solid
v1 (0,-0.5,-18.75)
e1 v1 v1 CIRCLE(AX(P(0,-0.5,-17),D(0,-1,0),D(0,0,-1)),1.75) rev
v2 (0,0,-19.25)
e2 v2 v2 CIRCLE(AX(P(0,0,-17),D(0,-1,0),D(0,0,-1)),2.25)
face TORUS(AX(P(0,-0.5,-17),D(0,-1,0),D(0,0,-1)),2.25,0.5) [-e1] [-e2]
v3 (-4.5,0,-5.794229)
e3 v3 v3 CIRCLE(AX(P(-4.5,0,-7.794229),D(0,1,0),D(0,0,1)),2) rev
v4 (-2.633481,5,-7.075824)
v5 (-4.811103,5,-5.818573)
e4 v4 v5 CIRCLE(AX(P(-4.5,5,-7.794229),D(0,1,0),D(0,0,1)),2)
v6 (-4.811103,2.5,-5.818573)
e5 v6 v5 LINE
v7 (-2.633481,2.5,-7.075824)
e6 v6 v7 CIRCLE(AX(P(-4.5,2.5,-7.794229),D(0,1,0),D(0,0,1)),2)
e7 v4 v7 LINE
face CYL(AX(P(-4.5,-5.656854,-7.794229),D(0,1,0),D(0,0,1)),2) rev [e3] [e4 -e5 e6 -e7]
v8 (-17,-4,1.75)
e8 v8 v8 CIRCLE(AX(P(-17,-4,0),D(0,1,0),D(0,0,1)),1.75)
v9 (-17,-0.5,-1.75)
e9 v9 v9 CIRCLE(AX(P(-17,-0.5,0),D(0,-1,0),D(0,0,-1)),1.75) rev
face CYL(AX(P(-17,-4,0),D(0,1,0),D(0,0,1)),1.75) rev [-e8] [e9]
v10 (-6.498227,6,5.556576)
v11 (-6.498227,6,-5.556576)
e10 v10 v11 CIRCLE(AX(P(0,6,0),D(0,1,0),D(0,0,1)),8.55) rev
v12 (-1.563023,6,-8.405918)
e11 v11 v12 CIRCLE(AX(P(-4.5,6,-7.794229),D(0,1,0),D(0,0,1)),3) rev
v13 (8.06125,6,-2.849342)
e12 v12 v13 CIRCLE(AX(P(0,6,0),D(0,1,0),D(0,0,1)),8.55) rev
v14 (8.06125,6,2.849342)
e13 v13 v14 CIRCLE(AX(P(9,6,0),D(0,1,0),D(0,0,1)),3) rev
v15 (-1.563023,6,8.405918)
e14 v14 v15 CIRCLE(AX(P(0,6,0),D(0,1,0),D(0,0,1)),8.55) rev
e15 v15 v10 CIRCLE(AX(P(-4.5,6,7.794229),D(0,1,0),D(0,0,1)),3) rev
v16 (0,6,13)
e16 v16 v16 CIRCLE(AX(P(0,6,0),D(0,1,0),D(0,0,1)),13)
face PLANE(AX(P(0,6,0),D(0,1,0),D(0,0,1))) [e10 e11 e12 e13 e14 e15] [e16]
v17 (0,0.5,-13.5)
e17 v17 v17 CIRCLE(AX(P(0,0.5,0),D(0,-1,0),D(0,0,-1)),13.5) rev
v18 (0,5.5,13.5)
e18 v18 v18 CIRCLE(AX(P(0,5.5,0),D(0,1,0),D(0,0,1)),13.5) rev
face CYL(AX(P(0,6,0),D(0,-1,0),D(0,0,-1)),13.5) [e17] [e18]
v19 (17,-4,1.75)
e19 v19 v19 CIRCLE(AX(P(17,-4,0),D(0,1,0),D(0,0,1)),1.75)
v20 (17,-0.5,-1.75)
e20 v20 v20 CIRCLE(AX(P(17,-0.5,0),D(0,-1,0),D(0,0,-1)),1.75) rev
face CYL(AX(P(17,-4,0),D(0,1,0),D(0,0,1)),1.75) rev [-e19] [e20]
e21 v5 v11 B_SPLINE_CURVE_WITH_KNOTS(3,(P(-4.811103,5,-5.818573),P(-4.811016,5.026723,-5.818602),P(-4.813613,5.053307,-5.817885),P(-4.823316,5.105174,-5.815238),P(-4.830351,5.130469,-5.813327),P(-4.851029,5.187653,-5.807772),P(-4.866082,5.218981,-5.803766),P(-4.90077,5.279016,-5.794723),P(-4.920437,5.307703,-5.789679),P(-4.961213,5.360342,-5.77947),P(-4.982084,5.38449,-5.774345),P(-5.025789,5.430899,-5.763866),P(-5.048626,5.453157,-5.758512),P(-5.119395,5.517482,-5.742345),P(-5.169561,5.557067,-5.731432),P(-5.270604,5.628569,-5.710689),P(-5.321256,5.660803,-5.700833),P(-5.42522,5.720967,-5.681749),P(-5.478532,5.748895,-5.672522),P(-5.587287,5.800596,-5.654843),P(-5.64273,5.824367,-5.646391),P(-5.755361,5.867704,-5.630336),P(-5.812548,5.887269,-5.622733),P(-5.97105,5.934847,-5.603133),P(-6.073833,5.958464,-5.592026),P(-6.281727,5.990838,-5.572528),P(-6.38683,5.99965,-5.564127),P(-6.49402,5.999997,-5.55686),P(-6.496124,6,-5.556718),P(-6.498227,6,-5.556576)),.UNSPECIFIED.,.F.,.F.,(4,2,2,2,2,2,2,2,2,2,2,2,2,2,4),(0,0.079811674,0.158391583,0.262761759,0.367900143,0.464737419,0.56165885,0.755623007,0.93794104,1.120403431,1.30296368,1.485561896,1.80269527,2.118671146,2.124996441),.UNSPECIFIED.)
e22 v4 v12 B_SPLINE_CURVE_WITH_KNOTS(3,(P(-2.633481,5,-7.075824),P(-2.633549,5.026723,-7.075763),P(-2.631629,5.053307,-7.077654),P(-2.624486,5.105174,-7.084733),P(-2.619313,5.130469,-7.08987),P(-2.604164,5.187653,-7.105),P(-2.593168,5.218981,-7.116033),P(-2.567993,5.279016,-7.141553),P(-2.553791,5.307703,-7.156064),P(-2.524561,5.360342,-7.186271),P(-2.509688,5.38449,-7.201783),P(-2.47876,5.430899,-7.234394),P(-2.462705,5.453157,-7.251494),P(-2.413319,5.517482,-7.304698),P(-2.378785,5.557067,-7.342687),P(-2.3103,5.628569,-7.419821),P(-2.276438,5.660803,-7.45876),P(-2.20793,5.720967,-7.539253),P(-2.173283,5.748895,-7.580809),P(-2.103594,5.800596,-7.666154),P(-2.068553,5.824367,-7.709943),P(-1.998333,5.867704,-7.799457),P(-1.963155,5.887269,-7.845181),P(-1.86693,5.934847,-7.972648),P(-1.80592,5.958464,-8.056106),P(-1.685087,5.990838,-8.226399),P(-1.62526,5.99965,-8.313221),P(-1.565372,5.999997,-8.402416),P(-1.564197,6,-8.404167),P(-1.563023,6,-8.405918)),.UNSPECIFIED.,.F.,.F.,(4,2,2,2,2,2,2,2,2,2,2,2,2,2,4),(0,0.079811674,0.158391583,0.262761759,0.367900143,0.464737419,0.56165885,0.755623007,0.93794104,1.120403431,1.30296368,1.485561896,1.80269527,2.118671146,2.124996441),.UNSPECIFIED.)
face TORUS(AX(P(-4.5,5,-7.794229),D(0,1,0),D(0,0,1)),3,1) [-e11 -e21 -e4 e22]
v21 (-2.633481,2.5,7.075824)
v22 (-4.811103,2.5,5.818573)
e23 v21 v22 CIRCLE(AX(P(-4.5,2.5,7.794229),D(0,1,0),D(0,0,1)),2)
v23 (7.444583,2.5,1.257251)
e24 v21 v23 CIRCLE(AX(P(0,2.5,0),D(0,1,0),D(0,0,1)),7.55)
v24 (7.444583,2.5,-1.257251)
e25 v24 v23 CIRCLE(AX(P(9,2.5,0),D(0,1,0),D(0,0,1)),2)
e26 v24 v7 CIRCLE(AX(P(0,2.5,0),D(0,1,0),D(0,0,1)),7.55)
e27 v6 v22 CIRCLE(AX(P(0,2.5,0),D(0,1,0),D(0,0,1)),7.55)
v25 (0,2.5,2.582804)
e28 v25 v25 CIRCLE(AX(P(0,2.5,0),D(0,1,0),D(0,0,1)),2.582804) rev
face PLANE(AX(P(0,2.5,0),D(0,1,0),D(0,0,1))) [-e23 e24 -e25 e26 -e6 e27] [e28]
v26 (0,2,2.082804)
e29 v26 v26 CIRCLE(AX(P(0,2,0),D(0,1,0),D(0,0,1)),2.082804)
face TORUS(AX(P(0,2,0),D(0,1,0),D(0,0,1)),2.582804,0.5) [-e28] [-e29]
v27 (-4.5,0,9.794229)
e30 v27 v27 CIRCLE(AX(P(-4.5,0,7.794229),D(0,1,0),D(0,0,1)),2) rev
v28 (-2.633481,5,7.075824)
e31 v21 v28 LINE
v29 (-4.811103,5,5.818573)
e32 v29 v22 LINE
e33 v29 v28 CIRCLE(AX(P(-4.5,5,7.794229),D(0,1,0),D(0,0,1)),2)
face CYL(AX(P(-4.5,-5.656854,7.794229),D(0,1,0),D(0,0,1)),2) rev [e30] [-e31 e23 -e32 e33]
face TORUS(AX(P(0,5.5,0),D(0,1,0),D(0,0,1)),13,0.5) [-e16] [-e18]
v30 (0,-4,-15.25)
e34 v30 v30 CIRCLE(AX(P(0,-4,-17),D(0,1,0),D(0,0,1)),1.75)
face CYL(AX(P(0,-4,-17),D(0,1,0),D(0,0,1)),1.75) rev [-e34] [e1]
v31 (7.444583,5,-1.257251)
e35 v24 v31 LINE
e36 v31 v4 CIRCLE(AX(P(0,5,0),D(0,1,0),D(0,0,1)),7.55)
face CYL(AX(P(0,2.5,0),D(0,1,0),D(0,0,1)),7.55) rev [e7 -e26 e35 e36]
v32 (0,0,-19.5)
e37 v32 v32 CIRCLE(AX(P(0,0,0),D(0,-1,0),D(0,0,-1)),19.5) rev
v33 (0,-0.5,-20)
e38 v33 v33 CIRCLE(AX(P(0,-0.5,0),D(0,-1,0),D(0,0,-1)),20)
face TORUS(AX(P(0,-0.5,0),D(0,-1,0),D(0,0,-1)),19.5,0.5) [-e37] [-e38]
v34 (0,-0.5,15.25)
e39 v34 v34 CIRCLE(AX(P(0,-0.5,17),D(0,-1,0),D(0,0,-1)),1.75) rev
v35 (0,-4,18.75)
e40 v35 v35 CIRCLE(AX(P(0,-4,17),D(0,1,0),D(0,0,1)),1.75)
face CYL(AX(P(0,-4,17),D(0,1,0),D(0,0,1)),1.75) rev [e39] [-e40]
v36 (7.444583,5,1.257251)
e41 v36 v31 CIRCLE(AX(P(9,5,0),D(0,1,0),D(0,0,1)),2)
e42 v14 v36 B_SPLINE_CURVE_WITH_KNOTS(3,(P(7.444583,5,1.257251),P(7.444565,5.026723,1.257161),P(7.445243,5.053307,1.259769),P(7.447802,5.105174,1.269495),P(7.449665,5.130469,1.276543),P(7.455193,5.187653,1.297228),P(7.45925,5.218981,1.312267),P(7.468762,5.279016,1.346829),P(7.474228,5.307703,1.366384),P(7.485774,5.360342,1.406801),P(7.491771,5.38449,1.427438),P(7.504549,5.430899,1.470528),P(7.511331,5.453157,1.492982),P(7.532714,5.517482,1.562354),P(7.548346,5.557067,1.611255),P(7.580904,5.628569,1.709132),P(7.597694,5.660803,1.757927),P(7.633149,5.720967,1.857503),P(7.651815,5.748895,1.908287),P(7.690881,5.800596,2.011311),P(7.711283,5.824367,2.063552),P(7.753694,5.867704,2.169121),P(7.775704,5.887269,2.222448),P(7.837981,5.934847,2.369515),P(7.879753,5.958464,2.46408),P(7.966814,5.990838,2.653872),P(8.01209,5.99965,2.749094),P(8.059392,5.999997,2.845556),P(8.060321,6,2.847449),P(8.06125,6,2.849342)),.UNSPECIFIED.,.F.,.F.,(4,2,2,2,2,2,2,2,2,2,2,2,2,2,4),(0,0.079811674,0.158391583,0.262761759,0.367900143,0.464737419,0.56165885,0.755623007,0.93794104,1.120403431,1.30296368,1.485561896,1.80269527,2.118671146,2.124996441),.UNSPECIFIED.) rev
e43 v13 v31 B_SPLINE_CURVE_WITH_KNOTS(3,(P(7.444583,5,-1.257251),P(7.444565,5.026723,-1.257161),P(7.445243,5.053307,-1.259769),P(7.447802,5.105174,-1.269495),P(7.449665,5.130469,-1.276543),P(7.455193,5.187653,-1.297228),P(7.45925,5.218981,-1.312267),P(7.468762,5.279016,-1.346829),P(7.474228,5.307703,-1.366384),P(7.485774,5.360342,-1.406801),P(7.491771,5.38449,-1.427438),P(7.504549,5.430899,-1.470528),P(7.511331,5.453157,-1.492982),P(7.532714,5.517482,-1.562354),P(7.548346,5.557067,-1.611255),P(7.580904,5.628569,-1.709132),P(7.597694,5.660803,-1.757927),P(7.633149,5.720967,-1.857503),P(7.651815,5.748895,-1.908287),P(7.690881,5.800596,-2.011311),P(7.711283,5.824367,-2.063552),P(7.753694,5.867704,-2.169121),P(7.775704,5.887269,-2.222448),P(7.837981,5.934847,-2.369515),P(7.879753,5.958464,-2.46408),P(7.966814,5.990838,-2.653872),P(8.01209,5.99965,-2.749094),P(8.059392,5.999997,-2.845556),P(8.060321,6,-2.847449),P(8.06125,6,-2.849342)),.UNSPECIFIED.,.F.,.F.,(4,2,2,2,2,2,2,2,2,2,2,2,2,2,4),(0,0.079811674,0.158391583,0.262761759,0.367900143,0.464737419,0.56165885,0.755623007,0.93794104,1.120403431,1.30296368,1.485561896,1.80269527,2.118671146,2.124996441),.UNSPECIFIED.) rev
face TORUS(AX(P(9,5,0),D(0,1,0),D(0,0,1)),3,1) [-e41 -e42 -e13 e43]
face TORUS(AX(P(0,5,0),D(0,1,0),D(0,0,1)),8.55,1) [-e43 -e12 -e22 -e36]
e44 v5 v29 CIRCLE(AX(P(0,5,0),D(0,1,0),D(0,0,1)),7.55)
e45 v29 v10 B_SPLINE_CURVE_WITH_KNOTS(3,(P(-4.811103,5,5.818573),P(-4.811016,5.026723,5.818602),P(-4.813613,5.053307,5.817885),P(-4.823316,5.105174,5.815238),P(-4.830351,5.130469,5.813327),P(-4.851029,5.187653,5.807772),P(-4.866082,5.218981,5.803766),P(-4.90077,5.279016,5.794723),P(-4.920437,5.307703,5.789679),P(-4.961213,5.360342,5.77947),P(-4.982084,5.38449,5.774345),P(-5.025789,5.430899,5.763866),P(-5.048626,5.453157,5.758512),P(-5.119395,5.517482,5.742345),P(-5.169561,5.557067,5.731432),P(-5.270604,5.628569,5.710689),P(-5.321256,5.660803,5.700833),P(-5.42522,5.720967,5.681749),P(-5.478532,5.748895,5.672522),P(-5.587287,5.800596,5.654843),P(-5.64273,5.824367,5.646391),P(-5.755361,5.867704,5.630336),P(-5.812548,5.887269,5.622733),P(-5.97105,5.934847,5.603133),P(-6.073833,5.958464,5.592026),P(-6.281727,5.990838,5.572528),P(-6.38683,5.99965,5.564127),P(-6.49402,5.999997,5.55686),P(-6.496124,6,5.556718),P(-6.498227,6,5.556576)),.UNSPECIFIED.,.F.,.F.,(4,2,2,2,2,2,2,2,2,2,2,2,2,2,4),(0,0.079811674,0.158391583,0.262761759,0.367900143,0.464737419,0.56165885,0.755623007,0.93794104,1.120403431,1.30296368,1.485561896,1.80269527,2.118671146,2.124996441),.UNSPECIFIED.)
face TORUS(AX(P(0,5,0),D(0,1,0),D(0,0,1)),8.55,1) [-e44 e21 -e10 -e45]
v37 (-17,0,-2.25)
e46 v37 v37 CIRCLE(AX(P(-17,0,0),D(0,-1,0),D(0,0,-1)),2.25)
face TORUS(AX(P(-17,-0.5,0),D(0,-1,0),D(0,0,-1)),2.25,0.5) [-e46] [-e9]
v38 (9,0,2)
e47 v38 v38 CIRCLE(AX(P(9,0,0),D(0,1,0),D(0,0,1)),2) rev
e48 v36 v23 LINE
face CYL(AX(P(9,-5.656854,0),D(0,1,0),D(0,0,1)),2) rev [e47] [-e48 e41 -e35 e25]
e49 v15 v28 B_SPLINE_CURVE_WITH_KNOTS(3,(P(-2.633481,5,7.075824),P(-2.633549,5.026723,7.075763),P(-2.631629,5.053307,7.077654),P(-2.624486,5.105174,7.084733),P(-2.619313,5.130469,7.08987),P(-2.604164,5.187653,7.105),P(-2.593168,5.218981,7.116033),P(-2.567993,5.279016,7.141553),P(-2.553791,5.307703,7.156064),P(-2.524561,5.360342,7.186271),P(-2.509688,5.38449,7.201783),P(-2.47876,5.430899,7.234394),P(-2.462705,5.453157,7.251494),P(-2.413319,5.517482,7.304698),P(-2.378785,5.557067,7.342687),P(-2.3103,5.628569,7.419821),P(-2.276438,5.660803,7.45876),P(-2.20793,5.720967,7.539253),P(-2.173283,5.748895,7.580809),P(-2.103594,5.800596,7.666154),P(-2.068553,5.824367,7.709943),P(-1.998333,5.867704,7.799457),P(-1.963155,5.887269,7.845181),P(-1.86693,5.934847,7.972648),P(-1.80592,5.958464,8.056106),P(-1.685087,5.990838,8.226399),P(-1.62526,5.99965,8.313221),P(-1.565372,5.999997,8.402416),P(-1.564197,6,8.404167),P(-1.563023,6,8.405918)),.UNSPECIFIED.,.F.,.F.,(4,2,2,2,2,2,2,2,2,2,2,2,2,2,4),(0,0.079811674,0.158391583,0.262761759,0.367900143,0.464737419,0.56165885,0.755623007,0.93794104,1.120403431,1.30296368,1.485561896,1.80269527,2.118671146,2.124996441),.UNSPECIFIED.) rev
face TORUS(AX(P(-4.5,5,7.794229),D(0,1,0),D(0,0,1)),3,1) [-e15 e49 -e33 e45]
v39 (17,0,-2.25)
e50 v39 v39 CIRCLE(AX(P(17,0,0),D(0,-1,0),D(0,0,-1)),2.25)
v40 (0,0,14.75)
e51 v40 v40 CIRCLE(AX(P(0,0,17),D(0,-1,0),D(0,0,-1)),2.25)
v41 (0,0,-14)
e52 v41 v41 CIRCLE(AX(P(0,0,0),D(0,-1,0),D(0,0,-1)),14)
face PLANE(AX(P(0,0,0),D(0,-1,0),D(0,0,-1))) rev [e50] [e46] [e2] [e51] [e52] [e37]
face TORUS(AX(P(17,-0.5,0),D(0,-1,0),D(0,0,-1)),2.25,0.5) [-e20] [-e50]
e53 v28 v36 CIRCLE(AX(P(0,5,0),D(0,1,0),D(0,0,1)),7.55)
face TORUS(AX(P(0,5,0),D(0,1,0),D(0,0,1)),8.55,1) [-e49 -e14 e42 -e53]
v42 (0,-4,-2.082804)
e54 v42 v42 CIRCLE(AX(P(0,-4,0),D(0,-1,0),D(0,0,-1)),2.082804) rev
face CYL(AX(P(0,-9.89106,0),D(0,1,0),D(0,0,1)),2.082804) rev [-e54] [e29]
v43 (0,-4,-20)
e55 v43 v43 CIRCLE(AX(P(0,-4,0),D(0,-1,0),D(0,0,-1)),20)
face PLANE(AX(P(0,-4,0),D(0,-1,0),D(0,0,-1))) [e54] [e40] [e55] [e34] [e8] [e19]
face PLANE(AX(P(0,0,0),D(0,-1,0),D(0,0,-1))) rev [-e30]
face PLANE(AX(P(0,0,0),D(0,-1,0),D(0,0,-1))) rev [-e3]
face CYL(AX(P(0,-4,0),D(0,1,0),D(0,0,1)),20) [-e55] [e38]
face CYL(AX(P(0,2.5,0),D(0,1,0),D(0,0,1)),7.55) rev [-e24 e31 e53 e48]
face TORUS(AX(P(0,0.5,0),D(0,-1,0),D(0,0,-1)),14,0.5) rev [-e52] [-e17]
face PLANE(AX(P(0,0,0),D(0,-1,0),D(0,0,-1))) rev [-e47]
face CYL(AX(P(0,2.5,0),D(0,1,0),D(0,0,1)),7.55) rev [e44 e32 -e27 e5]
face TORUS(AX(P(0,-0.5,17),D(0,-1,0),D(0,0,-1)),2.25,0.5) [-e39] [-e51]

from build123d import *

# Parameters (mm, degrees)
SKETCH2_R           = 13.5
BOSS_EXTRUDE1_DEPTH = 6
SKETCH3_R           = 7.55
CUT_EXTRUDE1_DEPTH  = 3.5
CUT_EXTRUDE3_REACH  = 22.012
SKETCH5_R           = 2
FILLET1_R           = 1
SKETCH6_R           = 20
BOSS_EXTRUDE2_DEPTH = 4
SKETCH9_R           = 2.082804166
CUT_EXTRUDE6_DEPTH  = 6.5
FILLET5_R           = 0.5
SKETCH10_R          = 1.75
CUT_EXTRUDE7_DEPTH  = 4
FILLET6_R           = 0.5


with BuildPart() as part:
    # Sketch2 → Boss-Extrude1 (new body)
    with BuildSketch(Plane(origin=(0, 0, 0), x_dir=(1, 0, 0), z_dir=(0, 1, 0))):
        with Locations(Location((0, 0, 0), (0, 0, 270))):
            Circle(SKETCH2_R)
    extrude(amount=BOSS_EXTRUDE1_DEPTH)

    # Sketch3 → Cut-Extrude1 (cut)
    with BuildSketch(Plane(origin=(0, 6, 0), x_dir=(1, 0, 0), z_dir=(0, 1, 0))):
        with Locations(Location((0, 0, 0), (0, 0, 270))):
            Circle(SKETCH3_R)
    extrude(amount=-CUT_EXTRUDE1_DEPTH, mode=Mode.SUBTRACT)

    # Cut-Extrude3: up to this face of the body (flat: up to its plane)
    cut_extrude3_end = Plane(part.part.faces().sort_by_distance((0, 0, 0))[0])
    # Sketch5 → Cut-Extrude3 (cut, up to the picked face)
    with BuildSketch(Plane(origin=(0, 6, 0), x_dir=(1, 0, 0), z_dir=(0, 1, 0)), mode=Mode.PRIVATE) as cut_extrude3_sk1:
        with Locations(Location((9, 0, 0), (0, 0, 270))):
            Circle(SKETCH5_R)
    cut_extrude3_tool1 = split(extrude(cut_extrude3_sk1.sketch, amount=-CUT_EXTRUDE3_REACH, mode=Mode.PRIVATE), bisect_by=cut_extrude3_end, keep=Keep.BOTH, mode=Mode.PRIVATE)
    # Sketch5 → Cut-Extrude3 (cut, up to the picked face)
    with BuildSketch(Plane(origin=(0, 6, 0), x_dir=(1, 0, 0), z_dir=(0, 1, 0)), mode=Mode.PRIVATE) as cut_extrude3_sk2:
        with Locations(Location((-4.5, -7.794228634, 0), (0, 0, 270))):
            Circle(SKETCH5_R)
    cut_extrude3_tool2 = split(extrude(cut_extrude3_sk2.sketch, amount=-CUT_EXTRUDE3_REACH, mode=Mode.PRIVATE), bisect_by=cut_extrude3_end, keep=Keep.BOTH, mode=Mode.PRIVATE)
    # Sketch5 → Cut-Extrude3 (cut, up to the picked face)
    with BuildSketch(Plane(origin=(0, 6, 0), x_dir=(1, 0, 0), z_dir=(0, 1, 0)), mode=Mode.PRIVATE) as cut_extrude3_sk3:
        with Locations(Location((-4.5, 7.794228634, 0), (0, 0, 270))):
            Circle(SKETCH5_R)
    cut_extrude3_tool3 = split(extrude(cut_extrude3_sk3.sketch, amount=-CUT_EXTRUDE3_REACH, mode=Mode.PRIVATE), bisect_by=cut_extrude3_end, keep=Keep.BOTH, mode=Mode.PRIVATE)
    add(cut_extrude3_tool1.solids().sort_by(Axis((9, 6, 0), (0, -1, 0)))[0], mode=Mode.SUBTRACT)
    add(cut_extrude3_tool2.solids().sort_by(Axis((-4.5, 6, 7.794229), (0, -1, 0)))[0], mode=Mode.SUBTRACT)
    add(cut_extrude3_tool3.solids().sort_by(Axis((-4.5, 6, -7.794229), (0, -1, 0)))[0], mode=Mode.SUBTRACT)

    # Fillet1
    fillet1_edges = [part.edges().sort_by_distance(p)[0] for p in [
        (3.775, 6, -6.538491799),
        (-7.55, 6, 0),
        (3.775, 6, 6.538491799),
        (10.804785463, 6, -0.861829119),
        (-6.493904619, 6, 7.950255455),
        (-5.5, 6, -9.526279442),
    ]]
    fillet(fillet1_edges, radius=FILLET1_R)

    # Sketch6 → Boss-Extrude2 (add)
    with BuildSketch(Plane.XZ):
        with Locations(Location((0, 0, 0), (0, 0, 270))):
            Circle(SKETCH6_R)
    extrude(amount=BOSS_EXTRUDE2_DEPTH)

    # Sketch9 → Cut-Extrude6 (cut)
    with BuildSketch(Plane(origin=(0, 2.5, 0), x_dir=(1, 0, 0), z_dir=(0, 1, 0))):
        with Locations(Location((0, 0, 0), (0, 0, 270))):
            Circle(SKETCH9_R)
    extrude(amount=-CUT_EXTRUDE6_DEPTH, mode=Mode.SUBTRACT)

    # Fillet5
    fillet5_edges = [part.edges().sort_by_distance(p)[0] for p in [
        (0, 6, -13.5),
        (0, 0, -13.5),
        (0, 0, 20),
        (0, 2.5, -2.082804166),
    ]]
    fillet(fillet5_edges, radius=FILLET5_R)

    # Sketch10 → Cut-Extrude7 (cut)
    with BuildSketch(Plane(origin=(0, 0, 0), x_dir=(1, 0, 0), z_dir=(0, 1, 0))):
        with Locations(Location((0, -17, 0), (0, 0, 270))):
            Circle(SKETCH10_R)
        with Locations(Location((-17, 0, 0), (0, 0, 270))):
            Circle(SKETCH10_R)
        with Locations(Location((0, 17, 0), (0, 0, 270))):
            Circle(SKETCH10_R)
        with Locations(Location((17, 0, 0), (0, 0, 270))):
            Circle(SKETCH10_R)
    extrude(amount=-CUT_EXTRUDE7_DEPTH, mode=Mode.SUBTRACT)

    # Fillet6
    fillet6_edges = [part.edges().sort_by_distance(p)[0] for p in [
        (0, 0, 15.25),
        (-17, 0, -1.75),
        (0, 0, -18.75),
        (17, 0, -1.75),
    ]]
    fillet(fillet6_edges, radius=FILLET6_R)


solid = part.part
